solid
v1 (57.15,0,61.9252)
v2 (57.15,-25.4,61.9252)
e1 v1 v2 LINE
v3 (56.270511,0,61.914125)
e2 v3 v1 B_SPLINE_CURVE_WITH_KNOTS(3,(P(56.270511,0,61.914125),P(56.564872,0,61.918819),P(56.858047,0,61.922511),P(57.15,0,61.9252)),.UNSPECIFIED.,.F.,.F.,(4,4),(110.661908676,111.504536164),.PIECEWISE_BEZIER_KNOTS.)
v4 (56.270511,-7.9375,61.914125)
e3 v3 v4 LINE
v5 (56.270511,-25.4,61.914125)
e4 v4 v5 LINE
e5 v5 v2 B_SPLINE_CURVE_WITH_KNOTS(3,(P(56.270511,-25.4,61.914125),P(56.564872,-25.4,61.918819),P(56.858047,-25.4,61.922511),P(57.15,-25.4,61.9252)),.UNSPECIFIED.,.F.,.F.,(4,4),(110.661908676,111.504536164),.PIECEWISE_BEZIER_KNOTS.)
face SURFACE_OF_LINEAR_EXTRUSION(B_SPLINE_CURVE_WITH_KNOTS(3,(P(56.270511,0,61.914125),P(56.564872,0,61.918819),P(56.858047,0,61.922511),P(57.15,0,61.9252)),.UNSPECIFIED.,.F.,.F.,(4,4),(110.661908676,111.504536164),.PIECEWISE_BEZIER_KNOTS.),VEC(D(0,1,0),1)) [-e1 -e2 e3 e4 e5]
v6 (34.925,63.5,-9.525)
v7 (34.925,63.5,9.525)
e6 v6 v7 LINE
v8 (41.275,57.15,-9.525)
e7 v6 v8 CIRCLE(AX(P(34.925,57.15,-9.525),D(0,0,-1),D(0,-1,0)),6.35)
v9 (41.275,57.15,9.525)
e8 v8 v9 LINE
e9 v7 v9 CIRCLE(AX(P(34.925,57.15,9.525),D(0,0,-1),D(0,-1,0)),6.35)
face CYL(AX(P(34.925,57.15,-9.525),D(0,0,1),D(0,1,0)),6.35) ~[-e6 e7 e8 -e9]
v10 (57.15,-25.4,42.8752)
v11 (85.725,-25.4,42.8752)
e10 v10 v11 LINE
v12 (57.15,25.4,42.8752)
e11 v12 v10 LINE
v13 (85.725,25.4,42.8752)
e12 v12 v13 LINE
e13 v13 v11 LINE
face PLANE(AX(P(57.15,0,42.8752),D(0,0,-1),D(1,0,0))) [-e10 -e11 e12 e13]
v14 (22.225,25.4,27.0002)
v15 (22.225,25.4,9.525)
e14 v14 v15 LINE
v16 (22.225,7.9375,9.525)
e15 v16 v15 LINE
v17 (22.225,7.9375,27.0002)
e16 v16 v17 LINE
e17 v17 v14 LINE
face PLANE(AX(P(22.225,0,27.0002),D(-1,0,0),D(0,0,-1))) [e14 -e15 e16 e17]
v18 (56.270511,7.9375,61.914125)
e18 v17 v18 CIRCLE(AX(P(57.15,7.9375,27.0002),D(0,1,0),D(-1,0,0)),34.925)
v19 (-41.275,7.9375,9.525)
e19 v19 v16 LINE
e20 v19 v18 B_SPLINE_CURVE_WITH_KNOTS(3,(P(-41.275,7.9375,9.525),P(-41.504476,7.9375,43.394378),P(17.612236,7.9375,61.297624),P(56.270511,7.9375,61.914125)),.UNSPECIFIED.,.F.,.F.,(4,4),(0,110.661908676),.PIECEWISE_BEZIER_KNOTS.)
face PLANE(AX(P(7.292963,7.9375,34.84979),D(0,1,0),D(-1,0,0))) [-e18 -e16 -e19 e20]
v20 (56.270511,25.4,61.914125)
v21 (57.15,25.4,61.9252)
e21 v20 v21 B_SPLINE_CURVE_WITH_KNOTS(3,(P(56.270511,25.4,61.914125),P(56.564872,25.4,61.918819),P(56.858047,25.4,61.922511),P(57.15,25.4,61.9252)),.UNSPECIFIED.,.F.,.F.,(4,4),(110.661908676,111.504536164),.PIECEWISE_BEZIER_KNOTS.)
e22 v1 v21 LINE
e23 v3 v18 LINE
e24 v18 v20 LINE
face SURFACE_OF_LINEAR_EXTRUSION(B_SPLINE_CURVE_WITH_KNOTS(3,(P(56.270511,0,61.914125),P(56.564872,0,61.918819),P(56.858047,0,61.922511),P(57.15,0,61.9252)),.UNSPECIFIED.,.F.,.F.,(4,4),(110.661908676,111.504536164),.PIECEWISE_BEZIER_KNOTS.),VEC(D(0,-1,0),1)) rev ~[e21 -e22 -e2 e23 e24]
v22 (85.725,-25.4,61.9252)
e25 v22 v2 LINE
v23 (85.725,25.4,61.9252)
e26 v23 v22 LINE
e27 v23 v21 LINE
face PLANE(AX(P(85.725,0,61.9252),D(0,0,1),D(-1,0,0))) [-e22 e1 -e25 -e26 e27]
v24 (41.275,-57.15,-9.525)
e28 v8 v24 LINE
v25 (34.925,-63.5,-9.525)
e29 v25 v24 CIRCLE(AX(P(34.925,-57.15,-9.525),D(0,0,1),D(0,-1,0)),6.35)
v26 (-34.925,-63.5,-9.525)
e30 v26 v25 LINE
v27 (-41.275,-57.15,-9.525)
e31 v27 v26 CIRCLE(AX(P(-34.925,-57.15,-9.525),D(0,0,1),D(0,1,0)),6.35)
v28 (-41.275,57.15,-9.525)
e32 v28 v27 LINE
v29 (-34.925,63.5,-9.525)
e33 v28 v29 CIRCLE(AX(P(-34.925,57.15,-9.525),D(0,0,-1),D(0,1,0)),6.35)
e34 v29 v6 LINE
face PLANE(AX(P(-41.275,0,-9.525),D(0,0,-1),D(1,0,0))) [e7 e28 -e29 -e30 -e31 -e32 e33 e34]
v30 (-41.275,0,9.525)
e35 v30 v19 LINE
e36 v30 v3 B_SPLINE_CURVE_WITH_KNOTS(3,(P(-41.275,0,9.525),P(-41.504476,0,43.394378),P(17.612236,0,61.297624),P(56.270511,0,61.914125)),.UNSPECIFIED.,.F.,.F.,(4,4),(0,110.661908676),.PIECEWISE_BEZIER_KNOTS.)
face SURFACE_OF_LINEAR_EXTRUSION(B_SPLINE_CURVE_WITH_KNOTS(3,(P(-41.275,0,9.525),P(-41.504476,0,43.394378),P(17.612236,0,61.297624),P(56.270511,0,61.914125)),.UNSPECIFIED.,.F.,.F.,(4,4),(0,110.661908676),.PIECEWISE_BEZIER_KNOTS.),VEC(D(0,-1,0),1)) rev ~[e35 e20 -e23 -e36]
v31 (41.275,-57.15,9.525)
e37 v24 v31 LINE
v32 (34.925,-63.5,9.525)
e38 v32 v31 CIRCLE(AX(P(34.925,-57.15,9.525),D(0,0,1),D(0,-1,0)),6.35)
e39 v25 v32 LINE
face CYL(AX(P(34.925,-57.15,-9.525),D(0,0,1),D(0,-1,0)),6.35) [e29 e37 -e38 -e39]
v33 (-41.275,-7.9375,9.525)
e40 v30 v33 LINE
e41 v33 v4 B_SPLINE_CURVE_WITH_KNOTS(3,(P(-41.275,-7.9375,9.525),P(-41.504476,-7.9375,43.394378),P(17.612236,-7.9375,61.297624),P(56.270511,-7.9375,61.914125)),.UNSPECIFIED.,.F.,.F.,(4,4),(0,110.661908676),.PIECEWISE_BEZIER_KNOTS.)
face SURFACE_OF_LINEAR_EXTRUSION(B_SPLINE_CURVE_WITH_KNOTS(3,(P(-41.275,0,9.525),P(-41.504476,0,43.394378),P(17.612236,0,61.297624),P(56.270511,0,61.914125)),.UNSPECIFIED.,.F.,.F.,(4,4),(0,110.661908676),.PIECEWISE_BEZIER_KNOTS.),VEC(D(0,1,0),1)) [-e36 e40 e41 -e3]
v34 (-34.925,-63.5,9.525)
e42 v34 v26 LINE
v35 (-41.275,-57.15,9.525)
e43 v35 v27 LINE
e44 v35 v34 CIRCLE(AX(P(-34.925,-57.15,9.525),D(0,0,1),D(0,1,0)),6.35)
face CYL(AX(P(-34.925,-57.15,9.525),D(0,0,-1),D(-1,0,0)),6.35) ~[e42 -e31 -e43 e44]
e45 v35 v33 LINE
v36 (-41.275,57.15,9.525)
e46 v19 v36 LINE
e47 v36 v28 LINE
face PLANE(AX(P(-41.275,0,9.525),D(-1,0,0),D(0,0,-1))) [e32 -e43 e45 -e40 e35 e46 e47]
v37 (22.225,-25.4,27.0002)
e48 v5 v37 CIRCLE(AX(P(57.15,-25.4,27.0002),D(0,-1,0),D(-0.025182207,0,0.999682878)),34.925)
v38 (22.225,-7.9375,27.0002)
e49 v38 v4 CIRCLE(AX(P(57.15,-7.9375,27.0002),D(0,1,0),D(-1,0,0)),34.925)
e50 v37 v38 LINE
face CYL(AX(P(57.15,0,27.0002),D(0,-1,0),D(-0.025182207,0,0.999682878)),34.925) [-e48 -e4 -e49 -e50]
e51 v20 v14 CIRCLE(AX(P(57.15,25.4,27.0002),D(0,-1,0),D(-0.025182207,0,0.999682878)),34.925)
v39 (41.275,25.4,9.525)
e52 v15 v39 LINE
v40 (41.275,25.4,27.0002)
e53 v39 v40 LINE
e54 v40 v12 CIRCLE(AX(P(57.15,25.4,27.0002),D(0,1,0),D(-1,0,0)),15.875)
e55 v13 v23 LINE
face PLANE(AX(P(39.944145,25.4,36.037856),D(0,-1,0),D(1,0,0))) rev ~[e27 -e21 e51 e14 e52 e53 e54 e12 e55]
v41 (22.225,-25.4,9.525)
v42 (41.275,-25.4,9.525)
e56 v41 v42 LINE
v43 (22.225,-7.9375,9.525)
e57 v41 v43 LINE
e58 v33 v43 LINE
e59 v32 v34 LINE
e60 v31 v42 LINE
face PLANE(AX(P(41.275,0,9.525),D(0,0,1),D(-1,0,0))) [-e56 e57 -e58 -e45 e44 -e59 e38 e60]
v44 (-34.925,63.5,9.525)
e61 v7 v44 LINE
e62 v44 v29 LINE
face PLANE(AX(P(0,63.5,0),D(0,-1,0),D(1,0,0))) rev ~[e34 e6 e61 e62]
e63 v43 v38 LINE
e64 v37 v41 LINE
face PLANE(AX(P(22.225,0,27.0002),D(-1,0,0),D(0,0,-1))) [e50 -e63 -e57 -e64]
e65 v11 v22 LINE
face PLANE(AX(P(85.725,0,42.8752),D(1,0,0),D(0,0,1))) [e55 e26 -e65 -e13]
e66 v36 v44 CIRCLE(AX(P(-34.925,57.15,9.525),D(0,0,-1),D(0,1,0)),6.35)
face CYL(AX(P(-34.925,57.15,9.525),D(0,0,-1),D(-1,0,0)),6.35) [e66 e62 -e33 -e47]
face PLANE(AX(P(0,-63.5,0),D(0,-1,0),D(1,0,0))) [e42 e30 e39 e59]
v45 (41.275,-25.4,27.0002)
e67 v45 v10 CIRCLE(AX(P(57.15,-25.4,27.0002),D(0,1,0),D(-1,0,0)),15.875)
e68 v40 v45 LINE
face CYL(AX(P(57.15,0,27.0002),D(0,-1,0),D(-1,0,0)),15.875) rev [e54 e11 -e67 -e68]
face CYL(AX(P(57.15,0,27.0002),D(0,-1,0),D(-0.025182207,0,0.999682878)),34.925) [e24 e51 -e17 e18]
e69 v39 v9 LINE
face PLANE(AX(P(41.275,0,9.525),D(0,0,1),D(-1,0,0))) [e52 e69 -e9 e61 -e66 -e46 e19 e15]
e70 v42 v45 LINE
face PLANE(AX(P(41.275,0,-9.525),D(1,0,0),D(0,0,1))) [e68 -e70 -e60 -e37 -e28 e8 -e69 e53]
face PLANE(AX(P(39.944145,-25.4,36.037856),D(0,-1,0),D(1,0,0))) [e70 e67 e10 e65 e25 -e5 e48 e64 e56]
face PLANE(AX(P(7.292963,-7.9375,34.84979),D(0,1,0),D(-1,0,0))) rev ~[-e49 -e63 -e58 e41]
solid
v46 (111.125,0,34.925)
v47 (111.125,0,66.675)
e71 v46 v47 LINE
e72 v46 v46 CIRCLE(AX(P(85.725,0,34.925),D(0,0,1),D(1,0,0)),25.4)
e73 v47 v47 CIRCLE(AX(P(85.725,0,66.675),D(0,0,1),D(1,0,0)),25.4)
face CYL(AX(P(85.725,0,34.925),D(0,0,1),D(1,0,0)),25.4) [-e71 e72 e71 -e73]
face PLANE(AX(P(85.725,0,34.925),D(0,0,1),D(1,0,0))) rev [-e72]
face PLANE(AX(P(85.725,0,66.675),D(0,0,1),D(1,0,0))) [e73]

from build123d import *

# Parameters (mm, degrees)
F1_DEPTH = 63.5
F0_W     = 25.4
F0_H     = 19.05
F2_DEPTH = 25.4
F3_DEPTH = 7.9375
F5_R     = 6.35


with BuildPart() as f1:
    # F0 (on Front) → F1 (new body, symmetric)
    with BuildSketch(Plane.XZ):
        Polygon((-41.275, 9.525), (-41.275, -9.525), (41.275, -9.525), (41.275, 9.525), (22.225, 9.525), align=None)
    extrude(amount=F1_DEPTH, both=True)

    # F0 (on Front) → F2 (join, symmetric)
    with BuildSketch(Plane.XZ):
        with BuildLine():
            Line((22.225, 9.525), (41.275, 9.525))
            Line((41.275, 9.525), (41.275, 27.0002))
            ThreePointArc((41.275, 27.0002), (45.9246798487, 38.2255201513), (57.15, 42.8752))
            Line((57.15, 42.8752), (60.325, 42.8752))
            Line((60.325, 42.8752), (60.325, 61.9252))
            Line((60.325, 61.9252), (57.15, 61.9252))
            add(Edge.make_bspline(
                [(56.2705114217, 61.9141245122), (56.5648721965, 61.9188188137), (56.8580468, 61.9225108373), (57.15, 61.9252)],
                knots=[110.661908676, 110.661908676, 110.661908676, 110.661908676, 111.5045361635, 111.5045361635, 111.5045361635, 111.5045361635], degree=3))
            ThreePointArc((56.2705114217, 61.9141245122), (32.1452828091, 51.3829755434), (22.225, 27.0002))
            Line((22.225, 27.0002), (22.225, 9.525))
        make_face()
        with Locations((73.025, 52.4002)):
            Rectangle(F0_W, F0_H)
    extrude(amount=F2_DEPTH, both=True)

    # F0 (on Front) → F3 (join, symmetric)
    with BuildSketch(Plane.XZ):
        with BuildLine():
            add(Edge.make_bspline(
                [(-41.275, 9.525), (-41.504476051, 43.3943776693), (17.612236377, 61.2976238893), (56.2705114217, 61.9141245122)],
                knots=[0, 0, 0, 0, 110.661908676, 110.661908676, 110.661908676, 110.661908676], degree=3))
            Line((-41.275, 9.525), (22.225, 9.525))
            Line((22.225, 9.525), (22.225, 27.0002))
            ThreePointArc((22.225, 27.0002), (32.1452828091, 51.3829755434), (56.2705114217, 61.9141245122))
        make_face()
    extrude(amount=F3_DEPTH, both=True)

    # F5
    f5_edges = [f1.edges().sort_by_distance(p)[0] for p in [
        (-41.275, -63.5, 0),
        (41.275, -63.5, 0),
        (41.275, 63.5, 0),
        (-41.275, 63.5, 0),
    ]]
    fillet(f5_edges, radius=F5_R)


with BuildPart() as f4:
    # F0 (on Front) → F4 (revolve)
    with BuildSketch(Plane.XZ):
        Polygon((85.725, 66.675), (85.725, 61.9252), (85.725, 42.8752), (85.725, 34.925), (111.125, 34.925), (111.125, 66.675), align=None)
    revolve(axis=Axis((85.725, 0, 50.8), (0, 0, 1)))


solid = Compound([f1.part, f4.part])
